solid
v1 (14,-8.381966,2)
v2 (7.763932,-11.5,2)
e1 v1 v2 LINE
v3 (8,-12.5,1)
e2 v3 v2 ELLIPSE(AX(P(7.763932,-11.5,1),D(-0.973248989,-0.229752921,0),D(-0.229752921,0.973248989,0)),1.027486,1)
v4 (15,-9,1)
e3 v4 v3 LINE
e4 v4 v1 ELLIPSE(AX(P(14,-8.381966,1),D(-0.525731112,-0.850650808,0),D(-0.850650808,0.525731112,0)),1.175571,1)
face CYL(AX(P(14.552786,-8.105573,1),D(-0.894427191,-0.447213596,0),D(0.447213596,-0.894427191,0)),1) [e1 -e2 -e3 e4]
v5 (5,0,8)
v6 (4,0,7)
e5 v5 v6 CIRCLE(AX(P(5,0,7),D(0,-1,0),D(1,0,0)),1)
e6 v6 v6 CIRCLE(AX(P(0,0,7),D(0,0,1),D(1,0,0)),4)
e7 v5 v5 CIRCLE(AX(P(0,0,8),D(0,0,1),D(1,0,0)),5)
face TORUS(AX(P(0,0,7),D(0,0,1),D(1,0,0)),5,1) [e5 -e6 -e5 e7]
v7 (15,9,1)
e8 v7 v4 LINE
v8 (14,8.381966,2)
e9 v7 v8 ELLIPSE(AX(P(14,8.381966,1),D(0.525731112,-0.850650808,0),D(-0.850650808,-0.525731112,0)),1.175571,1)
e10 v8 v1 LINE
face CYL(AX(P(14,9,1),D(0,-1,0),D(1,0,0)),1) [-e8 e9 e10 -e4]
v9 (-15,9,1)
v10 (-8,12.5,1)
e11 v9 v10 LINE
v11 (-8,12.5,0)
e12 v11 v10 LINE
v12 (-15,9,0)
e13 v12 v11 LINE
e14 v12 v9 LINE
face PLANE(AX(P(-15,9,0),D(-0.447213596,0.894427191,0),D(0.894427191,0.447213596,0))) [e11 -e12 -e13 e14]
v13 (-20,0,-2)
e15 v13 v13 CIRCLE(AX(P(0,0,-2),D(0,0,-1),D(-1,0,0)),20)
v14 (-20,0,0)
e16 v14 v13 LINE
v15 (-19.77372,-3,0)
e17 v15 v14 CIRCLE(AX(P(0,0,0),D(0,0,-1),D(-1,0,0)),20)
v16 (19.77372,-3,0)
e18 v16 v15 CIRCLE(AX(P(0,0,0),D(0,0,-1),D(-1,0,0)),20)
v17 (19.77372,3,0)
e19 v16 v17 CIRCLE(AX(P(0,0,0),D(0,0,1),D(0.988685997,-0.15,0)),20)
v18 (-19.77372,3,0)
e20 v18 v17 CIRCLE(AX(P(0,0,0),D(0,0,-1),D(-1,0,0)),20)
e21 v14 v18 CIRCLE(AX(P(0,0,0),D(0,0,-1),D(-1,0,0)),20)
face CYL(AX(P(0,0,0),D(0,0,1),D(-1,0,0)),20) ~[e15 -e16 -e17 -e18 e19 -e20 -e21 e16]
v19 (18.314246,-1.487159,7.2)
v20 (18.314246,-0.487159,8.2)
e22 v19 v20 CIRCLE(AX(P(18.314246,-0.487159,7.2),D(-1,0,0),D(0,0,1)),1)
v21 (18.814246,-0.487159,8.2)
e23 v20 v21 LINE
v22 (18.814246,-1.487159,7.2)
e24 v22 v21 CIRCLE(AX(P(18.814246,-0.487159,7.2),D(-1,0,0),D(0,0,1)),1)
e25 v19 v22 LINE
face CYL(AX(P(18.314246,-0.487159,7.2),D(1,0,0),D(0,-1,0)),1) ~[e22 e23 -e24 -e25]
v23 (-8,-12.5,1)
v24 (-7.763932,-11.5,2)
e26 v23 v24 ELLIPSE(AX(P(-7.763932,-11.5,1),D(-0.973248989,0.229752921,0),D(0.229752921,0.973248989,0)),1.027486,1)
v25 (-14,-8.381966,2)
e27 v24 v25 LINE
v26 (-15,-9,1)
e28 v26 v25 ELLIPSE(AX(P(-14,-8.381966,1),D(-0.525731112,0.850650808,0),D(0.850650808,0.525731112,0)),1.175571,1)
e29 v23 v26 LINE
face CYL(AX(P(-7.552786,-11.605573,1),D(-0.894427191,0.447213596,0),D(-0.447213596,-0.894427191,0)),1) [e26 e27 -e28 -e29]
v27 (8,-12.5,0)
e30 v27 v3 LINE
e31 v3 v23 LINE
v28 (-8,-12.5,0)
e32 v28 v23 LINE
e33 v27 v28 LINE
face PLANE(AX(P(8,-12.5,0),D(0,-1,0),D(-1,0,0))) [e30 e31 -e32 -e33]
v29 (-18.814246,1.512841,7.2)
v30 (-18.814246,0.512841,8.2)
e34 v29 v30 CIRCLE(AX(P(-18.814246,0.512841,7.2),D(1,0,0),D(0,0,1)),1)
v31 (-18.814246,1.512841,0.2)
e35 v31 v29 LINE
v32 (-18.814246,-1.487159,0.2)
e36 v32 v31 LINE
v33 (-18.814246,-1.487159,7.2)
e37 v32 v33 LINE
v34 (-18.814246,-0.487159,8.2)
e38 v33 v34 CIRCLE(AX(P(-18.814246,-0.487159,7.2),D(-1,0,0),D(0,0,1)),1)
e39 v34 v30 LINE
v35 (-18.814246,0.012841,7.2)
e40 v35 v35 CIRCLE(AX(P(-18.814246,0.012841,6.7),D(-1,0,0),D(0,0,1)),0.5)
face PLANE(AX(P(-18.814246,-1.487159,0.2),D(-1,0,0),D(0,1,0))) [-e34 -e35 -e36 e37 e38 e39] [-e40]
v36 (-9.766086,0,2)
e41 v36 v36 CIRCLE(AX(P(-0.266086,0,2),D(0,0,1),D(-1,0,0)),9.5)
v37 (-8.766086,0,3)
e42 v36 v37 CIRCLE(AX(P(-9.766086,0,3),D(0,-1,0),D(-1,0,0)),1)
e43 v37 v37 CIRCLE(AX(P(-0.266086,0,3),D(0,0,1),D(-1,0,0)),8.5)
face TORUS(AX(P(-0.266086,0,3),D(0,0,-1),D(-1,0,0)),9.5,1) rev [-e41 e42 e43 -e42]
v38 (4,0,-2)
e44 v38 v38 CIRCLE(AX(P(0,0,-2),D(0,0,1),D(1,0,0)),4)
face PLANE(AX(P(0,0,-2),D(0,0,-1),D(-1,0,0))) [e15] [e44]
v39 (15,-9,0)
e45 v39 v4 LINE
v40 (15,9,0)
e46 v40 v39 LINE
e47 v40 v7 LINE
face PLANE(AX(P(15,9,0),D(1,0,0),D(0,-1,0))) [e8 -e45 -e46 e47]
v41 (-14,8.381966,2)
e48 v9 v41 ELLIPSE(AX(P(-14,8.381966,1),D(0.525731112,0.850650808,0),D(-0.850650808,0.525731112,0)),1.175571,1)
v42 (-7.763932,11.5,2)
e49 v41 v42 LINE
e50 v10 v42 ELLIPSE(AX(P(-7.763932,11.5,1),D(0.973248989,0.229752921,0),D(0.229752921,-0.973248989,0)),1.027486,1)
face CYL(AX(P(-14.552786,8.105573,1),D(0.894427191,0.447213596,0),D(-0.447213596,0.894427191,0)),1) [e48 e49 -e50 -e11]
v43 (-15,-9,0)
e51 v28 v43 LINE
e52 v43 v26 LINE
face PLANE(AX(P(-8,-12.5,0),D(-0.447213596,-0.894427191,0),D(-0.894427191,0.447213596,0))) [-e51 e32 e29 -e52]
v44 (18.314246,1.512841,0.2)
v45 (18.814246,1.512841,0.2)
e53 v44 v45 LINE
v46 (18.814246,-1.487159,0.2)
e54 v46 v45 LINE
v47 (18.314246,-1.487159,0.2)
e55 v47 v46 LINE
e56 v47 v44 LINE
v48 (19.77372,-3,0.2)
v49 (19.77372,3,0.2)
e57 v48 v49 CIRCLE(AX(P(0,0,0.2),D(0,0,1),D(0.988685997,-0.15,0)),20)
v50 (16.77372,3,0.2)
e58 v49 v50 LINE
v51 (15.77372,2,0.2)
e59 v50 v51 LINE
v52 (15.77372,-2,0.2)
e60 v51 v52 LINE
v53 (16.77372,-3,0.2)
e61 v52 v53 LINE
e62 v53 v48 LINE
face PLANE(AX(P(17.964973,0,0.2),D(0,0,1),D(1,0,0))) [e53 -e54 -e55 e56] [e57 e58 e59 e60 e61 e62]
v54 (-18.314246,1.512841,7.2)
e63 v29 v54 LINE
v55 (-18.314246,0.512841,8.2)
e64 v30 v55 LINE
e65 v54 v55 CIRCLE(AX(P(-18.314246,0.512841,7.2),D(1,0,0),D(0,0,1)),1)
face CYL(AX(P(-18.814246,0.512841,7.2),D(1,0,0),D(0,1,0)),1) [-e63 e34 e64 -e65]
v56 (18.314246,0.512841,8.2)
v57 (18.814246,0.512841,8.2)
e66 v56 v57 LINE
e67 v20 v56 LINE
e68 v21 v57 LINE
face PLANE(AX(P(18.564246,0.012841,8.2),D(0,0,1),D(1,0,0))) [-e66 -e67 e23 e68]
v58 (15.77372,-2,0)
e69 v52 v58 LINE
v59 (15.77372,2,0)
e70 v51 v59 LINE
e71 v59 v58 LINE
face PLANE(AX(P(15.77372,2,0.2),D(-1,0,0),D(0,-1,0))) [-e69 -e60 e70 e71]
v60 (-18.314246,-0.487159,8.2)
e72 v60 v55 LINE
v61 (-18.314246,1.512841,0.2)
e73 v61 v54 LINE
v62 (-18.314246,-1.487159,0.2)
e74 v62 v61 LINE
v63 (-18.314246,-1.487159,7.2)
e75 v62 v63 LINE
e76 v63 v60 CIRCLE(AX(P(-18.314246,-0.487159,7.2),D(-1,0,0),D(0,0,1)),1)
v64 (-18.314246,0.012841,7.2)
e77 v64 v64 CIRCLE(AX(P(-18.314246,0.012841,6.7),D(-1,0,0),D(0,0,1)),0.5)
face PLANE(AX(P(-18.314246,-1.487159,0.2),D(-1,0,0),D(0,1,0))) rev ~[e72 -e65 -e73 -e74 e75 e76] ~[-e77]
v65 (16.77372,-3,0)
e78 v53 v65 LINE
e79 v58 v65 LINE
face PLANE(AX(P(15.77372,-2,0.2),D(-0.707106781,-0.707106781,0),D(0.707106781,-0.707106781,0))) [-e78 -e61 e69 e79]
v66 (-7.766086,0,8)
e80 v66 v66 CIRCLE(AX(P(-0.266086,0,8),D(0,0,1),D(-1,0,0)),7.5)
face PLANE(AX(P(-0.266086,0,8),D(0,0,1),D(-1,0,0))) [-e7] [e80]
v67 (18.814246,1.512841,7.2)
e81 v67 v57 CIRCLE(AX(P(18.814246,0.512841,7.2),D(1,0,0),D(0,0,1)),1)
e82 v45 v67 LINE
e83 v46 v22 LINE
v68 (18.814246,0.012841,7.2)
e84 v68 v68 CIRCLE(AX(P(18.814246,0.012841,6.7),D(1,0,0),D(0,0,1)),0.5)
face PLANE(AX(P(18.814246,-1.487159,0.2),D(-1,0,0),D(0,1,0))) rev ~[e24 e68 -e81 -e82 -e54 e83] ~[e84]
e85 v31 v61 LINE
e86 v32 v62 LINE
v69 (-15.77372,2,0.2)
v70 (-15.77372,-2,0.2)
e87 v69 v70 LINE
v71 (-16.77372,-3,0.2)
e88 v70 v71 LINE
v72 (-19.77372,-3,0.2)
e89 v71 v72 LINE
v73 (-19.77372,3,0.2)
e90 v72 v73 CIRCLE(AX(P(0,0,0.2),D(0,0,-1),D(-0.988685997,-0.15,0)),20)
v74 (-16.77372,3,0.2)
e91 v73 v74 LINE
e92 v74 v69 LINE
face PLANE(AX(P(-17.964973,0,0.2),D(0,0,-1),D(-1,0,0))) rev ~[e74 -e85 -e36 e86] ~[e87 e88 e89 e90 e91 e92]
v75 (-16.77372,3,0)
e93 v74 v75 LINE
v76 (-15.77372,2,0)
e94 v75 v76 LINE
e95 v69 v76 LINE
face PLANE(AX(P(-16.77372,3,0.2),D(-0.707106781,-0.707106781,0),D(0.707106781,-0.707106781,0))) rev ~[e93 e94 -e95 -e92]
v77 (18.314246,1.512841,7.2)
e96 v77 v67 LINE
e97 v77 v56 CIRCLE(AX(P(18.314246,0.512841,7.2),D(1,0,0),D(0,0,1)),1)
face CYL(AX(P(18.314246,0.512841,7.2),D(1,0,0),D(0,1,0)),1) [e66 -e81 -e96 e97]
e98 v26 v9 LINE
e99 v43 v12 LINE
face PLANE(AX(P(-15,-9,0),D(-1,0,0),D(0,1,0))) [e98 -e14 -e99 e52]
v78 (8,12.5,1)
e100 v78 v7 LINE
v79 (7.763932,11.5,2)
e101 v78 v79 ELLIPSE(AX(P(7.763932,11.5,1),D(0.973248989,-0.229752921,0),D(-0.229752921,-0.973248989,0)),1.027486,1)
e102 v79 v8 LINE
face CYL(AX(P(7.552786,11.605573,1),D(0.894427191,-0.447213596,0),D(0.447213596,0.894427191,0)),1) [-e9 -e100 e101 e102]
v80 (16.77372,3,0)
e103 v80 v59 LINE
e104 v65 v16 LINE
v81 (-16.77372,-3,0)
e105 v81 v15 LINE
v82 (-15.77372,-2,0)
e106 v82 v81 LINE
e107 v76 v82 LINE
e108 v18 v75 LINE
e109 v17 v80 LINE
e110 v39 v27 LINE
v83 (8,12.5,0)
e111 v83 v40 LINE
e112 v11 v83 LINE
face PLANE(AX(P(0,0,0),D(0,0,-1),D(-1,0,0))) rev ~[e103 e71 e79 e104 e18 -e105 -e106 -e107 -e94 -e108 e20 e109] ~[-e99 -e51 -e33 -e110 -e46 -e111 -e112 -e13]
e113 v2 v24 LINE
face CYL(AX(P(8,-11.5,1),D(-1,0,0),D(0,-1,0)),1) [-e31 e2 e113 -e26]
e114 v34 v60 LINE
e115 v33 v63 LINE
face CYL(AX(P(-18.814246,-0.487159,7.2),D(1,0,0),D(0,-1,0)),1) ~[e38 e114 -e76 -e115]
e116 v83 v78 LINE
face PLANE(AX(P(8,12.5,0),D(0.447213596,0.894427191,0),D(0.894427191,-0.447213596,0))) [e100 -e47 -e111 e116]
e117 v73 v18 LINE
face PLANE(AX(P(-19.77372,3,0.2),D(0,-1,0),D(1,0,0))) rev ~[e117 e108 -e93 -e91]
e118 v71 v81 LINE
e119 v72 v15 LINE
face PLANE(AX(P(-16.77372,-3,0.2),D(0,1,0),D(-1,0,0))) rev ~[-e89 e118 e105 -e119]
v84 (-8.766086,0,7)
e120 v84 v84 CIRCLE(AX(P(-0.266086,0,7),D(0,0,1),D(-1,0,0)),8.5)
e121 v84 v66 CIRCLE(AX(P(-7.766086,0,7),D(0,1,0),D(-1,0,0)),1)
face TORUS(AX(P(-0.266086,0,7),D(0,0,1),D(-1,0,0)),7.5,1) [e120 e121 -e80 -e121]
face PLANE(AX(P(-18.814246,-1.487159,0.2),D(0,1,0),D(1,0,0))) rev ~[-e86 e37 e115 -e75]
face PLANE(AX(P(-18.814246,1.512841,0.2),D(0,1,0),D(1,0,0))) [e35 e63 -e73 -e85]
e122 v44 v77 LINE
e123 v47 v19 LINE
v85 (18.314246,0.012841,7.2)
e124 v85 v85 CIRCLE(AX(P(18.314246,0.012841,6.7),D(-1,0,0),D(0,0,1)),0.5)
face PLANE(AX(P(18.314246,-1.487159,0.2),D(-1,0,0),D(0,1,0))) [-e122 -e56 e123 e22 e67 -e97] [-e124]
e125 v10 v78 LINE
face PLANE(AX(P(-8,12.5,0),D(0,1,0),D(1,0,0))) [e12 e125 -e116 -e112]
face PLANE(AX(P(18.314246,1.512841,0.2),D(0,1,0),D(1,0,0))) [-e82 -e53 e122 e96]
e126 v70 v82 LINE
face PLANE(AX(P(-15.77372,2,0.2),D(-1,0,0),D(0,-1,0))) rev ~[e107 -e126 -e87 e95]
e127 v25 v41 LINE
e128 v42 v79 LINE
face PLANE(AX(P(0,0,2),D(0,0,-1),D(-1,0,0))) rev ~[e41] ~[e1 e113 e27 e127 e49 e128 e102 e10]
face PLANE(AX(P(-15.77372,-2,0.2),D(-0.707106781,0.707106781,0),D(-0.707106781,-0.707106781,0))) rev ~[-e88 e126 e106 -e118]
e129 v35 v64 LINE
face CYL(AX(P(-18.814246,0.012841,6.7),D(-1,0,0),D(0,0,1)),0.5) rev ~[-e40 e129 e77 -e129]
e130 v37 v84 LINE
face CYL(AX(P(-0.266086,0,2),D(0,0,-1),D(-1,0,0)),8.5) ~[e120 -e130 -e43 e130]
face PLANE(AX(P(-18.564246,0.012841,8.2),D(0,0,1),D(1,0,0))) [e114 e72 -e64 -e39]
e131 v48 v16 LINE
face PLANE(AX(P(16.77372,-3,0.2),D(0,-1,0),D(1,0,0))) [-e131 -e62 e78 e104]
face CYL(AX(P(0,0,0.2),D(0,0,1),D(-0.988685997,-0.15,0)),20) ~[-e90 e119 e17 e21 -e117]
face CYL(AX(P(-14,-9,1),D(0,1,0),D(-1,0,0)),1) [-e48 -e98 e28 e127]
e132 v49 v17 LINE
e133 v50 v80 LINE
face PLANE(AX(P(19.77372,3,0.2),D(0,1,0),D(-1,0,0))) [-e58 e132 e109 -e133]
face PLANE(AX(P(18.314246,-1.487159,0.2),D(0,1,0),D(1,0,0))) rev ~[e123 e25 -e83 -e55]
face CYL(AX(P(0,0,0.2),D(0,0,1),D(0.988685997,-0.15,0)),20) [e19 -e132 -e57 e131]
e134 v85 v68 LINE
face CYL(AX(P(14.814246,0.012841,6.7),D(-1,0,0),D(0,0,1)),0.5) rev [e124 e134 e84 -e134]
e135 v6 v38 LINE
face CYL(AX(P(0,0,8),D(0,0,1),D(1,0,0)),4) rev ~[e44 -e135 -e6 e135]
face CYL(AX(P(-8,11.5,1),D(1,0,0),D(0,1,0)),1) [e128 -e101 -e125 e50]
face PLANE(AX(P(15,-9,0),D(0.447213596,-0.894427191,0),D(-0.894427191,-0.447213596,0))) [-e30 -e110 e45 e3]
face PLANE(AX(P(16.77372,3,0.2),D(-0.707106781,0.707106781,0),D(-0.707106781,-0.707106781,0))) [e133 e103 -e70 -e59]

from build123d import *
from build123d.topology import SkipClean

# Parameters (mm, degrees)
BOSS_EXTRUDE1_DEPTH = 2
SKETCH2_R           = 20
BOSS_EXTRUDE2_DEPTH = 2
FILLET1_R           = 1
SKETCH3_R           = 8.5
BOSS_EXTRUDE3_DEPTH = 6
SKETCH4_R           = 4
CUT_EXTRUDE1_DEPTH  = 31
FILLET2_R           = 1
BOSS_EXTRUDE4_START = 0.2
BOSS_EXTRUDE4_DEPTH = 0.2
SKETCH6_W           = 0.5
SKETCH6_H           = 3
BOSS_EXTRUDE5_DEPTH = 8
FILLET3_R           = 1
SKETCH7_R           = 0.5
CUT_EXTRUDE2_DEPTH  = 4
CUT_EXTRUDE3_START  = -4
SKETCH8_R           = 0.5
CUT_EXTRUDE3_DEPTH  = 4


with BuildPart() as part:
    # Sketch1 → Boss-Extrude1 (new body)
    with BuildSketch(Plane.XY):
        Polygon((-15, 9), (-8, 12.5), (8, 12.5), (15, 9), (15, -9), (8, -12.5), (-8, -12.5), (-15, -9), align=None)
    extrude(amount=BOSS_EXTRUDE1_DEPTH)

    # Sketch2 → Boss-Extrude2 (add)
    with BuildSketch(Plane(origin=(0, 0, 0), x_dir=(-1, 0, 0), z_dir=(0, 0, -1))):
        Circle(SKETCH2_R)
    extrude(amount=BOSS_EXTRUDE2_DEPTH)

    # Fillet1
    fillet1_edges = [part.edges().sort_by_distance(p)[0] for p in [
        (-15, 0, 2),
        (-11.5, -10.75, 2),
        (0, -12.5, 2),
        (11.5, -10.75, 2),
        (15, 0, 2),
        (11.5, 10.75, 2),
        (0, 12.5, 2),
        (-11.5, 10.75, 2),
    ]]
    fillet(fillet1_edges, radius=FILLET1_R)

    # Sketch3 → Boss-Extrude3 (add)
    with BuildSketch(Plane.XY.offset(2)):
        with Locations(Location((-0.2660856, 0, 0), (0, 0, 180))):
            Circle(SKETCH3_R)
    extrude(amount=BOSS_EXTRUDE3_DEPTH)

    # Sketch4 → Cut-Extrude1 (cut, through all)
    with BuildSketch(Plane.XY.offset(8)):
        Circle(SKETCH4_R)
    extrude(amount=-CUT_EXTRUDE1_DEPTH, mode=Mode.SUBTRACT)

    # Fillet2
    fillet2_edges = [part.edges().sort_by_distance(p)[0] for p in [
        (8.2339144, 0, 2),
        (8.2339144, 0, 8),
        (-4, 0, 8),
    ]]
    fillet(fillet2_edges, radius=FILLET2_R)

    # Sketch5 → Boss-Extrude4 (add)
    with SkipClean():  # the faces are left unmerged after this step: merging them gives an invalid solid
        with BuildSketch(Plane.XY.offset(BOSS_EXTRUDE4_START)):
            with BuildLine():
                Line((-19.773719933, 3), (-16.773719933, 3))
                Line((-16.773719933, 3), (-15.773719933, 2))
                Line((-15.773719933, 2), (-15.773719933, -2))
                Line((-15.773719933, -2), (-16.773719933, -3))
                Line((-16.773719933, -3), (-19.773719933, -3))
                ThreePointArc((-19.773719933, -3), (-20, 0), (-19.773719933, 3))
            make_face()
            with BuildLine():
                Line((19.773719933, 3), (16.773719933, 3))
                Line((16.773719933, 3), (15.773719933, 2))
                Line((15.773719933, 2), (15.773719933, -2))
                Line((15.773719933, -2), (16.773719933, -3))
                Line((16.773719933, -3), (19.773719933, -3))
                ThreePointArc((19.773719933, -3), (20, 0), (19.773719933, 3))
            make_face()
        extrude(amount=-BOSS_EXTRUDE4_DEPTH)

    # Sketch6 → Boss-Extrude5 (add)
    with SkipClean():  # the faces are left unmerged after this step: merging them gives an invalid solid
        with BuildSketch(Plane.XY.offset(0.2)):
            with Locations((-18.564246067, 0.012841423)):
                Rectangle(SKETCH6_W, SKETCH6_H)
            with Locations((18.564246067, 0.012841423)):
                Rectangle(SKETCH6_W, SKETCH6_H)
        extrude(amount=BOSS_EXTRUDE5_DEPTH)

    # Fillet3
    fillet3_edges = [part.edges().sort_by_distance(p)[0] for p in [
        (-18.564246067, 1.512841423, 8.2),
        (-18.564246067, -1.487158577, 8.2),
        (18.564246067, 1.512841423, 8.2),
        (18.564246067, -1.487158577, 8.2),
    ]]
    fillet(fillet3_edges, radius=FILLET3_R)

    # Sketch7 → Cut-Extrude2 (cut)
    with BuildSketch(Plane.ZY.offset(18.814246067)):
        with Locations((6.7, 0.012841423)):
            Circle(SKETCH7_R)
    extrude(amount=-CUT_EXTRUDE2_DEPTH, mode=Mode.SUBTRACT)

    # Sketch8 → Cut-Extrude3 (cut)
    with BuildSketch(Plane(origin=(18.814246067, 0, 0), x_dir=(0, 0, -1), z_dir=(1, 0, 0)).offset(CUT_EXTRUDE3_START)):
        with Locations(Location((-6.7, 0.012841423, 0), (0, 0, 180))):
            Circle(SKETCH8_R)
    extrude(amount=CUT_EXTRUDE3_DEPTH, mode=Mode.SUBTRACT)


solid = part.part
